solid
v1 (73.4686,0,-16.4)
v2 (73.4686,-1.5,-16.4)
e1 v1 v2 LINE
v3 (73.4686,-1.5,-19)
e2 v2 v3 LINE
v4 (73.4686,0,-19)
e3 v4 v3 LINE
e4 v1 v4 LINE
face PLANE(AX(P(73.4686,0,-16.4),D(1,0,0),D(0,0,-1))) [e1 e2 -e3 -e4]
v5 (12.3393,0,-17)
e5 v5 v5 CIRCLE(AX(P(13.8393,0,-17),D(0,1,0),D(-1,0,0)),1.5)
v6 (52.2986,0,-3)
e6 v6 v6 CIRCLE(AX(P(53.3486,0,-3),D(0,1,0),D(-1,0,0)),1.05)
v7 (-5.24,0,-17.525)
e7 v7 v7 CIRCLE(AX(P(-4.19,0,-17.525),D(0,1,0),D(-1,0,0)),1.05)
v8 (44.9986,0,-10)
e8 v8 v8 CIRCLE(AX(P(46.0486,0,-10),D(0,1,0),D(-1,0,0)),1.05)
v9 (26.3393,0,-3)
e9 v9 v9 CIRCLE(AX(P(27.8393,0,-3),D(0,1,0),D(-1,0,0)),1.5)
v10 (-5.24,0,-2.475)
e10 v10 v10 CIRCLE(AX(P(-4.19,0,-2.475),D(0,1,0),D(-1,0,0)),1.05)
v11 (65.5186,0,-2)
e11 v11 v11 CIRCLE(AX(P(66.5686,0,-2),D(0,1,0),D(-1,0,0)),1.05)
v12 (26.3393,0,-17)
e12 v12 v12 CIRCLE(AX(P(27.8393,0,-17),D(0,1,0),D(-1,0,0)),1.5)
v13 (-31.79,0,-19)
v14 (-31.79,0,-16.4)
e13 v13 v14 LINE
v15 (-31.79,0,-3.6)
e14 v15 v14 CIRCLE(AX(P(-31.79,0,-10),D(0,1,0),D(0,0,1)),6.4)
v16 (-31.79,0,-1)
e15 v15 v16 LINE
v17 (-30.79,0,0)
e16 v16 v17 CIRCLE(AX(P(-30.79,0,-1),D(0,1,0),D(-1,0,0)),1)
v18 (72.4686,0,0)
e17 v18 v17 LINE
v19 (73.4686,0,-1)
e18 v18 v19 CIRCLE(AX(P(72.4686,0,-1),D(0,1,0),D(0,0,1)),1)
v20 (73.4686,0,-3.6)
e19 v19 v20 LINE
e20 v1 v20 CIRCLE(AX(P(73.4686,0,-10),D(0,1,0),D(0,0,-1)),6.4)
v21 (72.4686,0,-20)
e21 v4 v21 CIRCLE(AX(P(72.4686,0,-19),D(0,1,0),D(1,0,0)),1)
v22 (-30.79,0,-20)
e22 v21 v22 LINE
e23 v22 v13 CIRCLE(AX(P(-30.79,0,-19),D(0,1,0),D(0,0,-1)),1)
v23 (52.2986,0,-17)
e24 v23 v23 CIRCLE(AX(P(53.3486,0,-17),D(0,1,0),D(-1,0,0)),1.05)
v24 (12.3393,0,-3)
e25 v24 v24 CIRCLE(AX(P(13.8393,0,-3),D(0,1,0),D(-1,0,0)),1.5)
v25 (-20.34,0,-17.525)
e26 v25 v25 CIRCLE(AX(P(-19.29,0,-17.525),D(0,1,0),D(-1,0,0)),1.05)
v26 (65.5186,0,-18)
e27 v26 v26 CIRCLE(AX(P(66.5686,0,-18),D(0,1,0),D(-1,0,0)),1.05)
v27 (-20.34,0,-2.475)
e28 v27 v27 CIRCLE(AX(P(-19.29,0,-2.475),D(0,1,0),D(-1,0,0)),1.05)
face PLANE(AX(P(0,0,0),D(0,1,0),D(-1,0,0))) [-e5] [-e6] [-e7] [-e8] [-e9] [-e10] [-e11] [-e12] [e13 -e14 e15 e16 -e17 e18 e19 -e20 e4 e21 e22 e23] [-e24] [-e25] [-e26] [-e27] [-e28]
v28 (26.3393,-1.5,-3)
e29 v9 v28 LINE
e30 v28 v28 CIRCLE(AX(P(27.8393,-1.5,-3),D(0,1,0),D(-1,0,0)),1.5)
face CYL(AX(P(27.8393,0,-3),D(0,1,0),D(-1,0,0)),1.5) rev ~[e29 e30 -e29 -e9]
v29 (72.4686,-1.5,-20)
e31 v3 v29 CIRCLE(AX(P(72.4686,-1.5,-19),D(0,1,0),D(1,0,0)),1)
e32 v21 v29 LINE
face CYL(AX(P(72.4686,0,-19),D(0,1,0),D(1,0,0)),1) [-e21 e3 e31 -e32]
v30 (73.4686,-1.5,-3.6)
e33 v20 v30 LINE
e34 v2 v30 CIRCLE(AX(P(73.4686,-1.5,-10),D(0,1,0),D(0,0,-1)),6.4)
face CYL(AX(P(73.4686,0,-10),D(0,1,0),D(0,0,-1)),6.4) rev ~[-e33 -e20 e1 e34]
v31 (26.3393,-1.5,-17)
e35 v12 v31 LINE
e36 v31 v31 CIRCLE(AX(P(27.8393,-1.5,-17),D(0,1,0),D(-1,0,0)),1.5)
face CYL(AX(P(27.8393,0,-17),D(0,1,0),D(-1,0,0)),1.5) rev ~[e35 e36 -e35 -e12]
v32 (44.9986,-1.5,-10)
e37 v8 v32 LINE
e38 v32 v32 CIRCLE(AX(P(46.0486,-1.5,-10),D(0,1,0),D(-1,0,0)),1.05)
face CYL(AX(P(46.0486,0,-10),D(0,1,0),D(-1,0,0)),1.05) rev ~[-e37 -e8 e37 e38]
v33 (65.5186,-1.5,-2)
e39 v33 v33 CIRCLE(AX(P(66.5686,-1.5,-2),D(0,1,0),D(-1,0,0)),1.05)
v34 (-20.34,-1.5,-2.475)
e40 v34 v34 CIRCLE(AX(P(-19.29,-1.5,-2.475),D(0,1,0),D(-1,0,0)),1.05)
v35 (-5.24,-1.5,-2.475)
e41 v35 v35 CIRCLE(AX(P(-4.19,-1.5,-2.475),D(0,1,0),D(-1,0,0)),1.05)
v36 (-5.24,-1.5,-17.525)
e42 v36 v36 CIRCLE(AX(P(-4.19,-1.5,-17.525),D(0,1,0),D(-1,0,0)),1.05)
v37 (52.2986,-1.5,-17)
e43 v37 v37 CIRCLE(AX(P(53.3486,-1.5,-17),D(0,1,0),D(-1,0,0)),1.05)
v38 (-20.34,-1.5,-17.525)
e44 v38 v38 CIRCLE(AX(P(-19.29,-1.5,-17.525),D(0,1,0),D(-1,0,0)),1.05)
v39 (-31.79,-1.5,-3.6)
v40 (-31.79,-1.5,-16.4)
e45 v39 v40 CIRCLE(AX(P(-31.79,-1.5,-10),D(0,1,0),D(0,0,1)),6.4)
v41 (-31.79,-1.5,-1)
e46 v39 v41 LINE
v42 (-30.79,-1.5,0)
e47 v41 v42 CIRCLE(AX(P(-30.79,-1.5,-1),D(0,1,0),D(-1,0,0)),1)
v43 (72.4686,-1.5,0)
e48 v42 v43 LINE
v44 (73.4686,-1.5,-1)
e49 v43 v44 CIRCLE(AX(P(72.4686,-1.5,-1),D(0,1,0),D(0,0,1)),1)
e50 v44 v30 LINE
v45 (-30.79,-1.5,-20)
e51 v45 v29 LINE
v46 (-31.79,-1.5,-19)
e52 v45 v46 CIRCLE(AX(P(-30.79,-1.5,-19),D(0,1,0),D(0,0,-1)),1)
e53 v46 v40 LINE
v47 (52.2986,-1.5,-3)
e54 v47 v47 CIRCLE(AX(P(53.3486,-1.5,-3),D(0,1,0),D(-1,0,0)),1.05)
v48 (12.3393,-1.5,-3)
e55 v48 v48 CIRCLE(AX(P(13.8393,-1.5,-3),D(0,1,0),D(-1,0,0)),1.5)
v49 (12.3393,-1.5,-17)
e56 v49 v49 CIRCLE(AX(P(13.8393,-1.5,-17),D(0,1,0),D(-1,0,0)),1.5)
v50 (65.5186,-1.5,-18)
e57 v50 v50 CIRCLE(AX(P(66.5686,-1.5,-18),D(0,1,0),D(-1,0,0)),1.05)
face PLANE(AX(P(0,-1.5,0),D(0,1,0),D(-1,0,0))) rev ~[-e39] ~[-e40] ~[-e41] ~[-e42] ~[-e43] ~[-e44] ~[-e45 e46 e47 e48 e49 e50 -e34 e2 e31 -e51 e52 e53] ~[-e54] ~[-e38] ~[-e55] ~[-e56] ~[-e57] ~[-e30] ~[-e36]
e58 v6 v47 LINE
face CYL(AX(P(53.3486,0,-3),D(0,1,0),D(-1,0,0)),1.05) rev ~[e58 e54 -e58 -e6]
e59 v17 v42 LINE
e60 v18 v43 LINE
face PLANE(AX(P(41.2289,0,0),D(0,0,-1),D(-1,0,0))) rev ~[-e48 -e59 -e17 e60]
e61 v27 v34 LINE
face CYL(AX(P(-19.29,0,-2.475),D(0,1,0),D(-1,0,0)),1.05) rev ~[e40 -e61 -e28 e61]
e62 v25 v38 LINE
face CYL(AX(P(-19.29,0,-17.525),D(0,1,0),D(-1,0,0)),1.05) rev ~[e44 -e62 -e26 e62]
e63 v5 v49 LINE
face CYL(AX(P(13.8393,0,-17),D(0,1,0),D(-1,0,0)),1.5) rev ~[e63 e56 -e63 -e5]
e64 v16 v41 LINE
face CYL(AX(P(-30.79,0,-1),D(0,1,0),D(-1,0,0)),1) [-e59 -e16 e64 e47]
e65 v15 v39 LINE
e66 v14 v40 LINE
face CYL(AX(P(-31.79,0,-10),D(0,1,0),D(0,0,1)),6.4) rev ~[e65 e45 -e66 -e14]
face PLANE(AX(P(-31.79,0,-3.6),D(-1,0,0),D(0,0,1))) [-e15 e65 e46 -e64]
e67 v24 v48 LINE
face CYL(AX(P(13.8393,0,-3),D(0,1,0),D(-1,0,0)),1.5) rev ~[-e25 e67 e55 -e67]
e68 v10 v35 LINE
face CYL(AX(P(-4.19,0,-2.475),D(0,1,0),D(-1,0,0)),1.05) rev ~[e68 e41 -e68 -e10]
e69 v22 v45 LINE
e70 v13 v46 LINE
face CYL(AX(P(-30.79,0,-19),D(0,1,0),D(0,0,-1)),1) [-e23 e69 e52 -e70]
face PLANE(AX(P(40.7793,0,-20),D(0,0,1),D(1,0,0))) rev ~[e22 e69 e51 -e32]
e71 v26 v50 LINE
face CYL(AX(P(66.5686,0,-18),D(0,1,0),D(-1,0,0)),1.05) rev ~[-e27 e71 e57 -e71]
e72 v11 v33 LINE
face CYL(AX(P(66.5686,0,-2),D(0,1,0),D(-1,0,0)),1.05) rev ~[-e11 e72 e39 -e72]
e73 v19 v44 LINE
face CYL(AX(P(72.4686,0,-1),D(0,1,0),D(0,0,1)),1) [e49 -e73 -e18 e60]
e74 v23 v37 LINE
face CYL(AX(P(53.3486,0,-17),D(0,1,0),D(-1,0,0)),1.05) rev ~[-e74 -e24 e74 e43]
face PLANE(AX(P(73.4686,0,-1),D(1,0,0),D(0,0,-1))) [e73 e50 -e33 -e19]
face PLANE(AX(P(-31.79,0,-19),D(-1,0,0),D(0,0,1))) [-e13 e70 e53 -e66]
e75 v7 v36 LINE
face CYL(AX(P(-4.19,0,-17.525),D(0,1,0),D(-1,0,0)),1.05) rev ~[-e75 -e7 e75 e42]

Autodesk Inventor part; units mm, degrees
ref_plane "YZ Plane" through (0, 0, 0) normal (1, 0, 0) x (0, 1, 0)
ref_plane "XZ Plane" through (0, 0, 0) normal (0, 1, 0) x (-1, 0, 0)
ref_plane "XY Plane" through (0, 0, 0) normal (0, 0, 1) x (1, 0, 0)
sketch "Sketch1" plane through (0, 0, 0) normal (0, 1, 0) x (-1, 0, 0)
  line L0 (-41.2289, 0) -> (-41.2289, -20)
  line L1 (-0.4496, -20) -> (-0.4496, 0)
  circle A0 centre (4.19, -2.475) radius 1.05
  circle A1 centre (4.19, -17.525) radius 1.05
  circle A2 centre (19.29, -17.525) radius 1.05
  circle A3 centre (19.29, -2.475) radius 1.05
  circle A4 centre (-53.3486, -17) radius 1.05
  circle A5 centre (-46.0486, -10) radius 1.05
  circle A6 centre (-53.3486, -3) radius 1.05
  circle A7 centre (-66.5686, -2) radius 1.05
  circle A8 centre (-66.5686, -18) radius 1.05
  circle A9 centre (-27.8393, -17) radius 1.5
  circle A10 centre (-13.8393, -3) radius 1.5
  circle A11 centre (-27.8393, -3) radius 1.5
  circle A12 centre (-13.8393, -17) radius 1.5
  arc A13 (30.79, -20) -> (31.79, -19) centre (30.79, -19) ccw
  line L2 (31.79, -19) -> (31.79, -16.4)
  arc A14 (31.79, -1) -> (30.79, 0) centre (30.79, -1) ccw
  line L3 (31.79, -3.6) -> (31.79, -1)
  arc A15 (-72.4686, 0) -> (-73.4686, -1) centre (-72.4686, -1) ccw
  arc A16 (-73.4686, -19) -> (-72.4686, -20) centre (-72.4686, -19) ccw
  line L4 (-73.4686, -1) -> (-73.4686, -3.6)
  line L5 (-73.4686, -16.4) -> (-73.4686, -19)
  arc A17 (31.79, -3.6) -> (31.79, -16.4) centre (31.79, -10) ccw
  arc A18 (-73.4686, -16.4) -> (-73.4686, -3.6) centre (-73.4686, -10) ccw
  line L6 (30.79, -20) -> (-72.4686, -20)
  line L7 (-72.4686, 0) -> (30.79, 0)
  line L8 (-41.6786, -20) -> (-41.6786, 0)
  line L9 (-40.7793, 0) -> (-40.7793, -20)
  line L10 (-0.8993, -20) -> (-0.8993, 0)
  line L11 (0, 0) -> (0, -20)
extrude "Extrusion1" add sketch "Sketch1" against normal blind 1.5
properties part number "CAM_axis_2_bottom_frame"
